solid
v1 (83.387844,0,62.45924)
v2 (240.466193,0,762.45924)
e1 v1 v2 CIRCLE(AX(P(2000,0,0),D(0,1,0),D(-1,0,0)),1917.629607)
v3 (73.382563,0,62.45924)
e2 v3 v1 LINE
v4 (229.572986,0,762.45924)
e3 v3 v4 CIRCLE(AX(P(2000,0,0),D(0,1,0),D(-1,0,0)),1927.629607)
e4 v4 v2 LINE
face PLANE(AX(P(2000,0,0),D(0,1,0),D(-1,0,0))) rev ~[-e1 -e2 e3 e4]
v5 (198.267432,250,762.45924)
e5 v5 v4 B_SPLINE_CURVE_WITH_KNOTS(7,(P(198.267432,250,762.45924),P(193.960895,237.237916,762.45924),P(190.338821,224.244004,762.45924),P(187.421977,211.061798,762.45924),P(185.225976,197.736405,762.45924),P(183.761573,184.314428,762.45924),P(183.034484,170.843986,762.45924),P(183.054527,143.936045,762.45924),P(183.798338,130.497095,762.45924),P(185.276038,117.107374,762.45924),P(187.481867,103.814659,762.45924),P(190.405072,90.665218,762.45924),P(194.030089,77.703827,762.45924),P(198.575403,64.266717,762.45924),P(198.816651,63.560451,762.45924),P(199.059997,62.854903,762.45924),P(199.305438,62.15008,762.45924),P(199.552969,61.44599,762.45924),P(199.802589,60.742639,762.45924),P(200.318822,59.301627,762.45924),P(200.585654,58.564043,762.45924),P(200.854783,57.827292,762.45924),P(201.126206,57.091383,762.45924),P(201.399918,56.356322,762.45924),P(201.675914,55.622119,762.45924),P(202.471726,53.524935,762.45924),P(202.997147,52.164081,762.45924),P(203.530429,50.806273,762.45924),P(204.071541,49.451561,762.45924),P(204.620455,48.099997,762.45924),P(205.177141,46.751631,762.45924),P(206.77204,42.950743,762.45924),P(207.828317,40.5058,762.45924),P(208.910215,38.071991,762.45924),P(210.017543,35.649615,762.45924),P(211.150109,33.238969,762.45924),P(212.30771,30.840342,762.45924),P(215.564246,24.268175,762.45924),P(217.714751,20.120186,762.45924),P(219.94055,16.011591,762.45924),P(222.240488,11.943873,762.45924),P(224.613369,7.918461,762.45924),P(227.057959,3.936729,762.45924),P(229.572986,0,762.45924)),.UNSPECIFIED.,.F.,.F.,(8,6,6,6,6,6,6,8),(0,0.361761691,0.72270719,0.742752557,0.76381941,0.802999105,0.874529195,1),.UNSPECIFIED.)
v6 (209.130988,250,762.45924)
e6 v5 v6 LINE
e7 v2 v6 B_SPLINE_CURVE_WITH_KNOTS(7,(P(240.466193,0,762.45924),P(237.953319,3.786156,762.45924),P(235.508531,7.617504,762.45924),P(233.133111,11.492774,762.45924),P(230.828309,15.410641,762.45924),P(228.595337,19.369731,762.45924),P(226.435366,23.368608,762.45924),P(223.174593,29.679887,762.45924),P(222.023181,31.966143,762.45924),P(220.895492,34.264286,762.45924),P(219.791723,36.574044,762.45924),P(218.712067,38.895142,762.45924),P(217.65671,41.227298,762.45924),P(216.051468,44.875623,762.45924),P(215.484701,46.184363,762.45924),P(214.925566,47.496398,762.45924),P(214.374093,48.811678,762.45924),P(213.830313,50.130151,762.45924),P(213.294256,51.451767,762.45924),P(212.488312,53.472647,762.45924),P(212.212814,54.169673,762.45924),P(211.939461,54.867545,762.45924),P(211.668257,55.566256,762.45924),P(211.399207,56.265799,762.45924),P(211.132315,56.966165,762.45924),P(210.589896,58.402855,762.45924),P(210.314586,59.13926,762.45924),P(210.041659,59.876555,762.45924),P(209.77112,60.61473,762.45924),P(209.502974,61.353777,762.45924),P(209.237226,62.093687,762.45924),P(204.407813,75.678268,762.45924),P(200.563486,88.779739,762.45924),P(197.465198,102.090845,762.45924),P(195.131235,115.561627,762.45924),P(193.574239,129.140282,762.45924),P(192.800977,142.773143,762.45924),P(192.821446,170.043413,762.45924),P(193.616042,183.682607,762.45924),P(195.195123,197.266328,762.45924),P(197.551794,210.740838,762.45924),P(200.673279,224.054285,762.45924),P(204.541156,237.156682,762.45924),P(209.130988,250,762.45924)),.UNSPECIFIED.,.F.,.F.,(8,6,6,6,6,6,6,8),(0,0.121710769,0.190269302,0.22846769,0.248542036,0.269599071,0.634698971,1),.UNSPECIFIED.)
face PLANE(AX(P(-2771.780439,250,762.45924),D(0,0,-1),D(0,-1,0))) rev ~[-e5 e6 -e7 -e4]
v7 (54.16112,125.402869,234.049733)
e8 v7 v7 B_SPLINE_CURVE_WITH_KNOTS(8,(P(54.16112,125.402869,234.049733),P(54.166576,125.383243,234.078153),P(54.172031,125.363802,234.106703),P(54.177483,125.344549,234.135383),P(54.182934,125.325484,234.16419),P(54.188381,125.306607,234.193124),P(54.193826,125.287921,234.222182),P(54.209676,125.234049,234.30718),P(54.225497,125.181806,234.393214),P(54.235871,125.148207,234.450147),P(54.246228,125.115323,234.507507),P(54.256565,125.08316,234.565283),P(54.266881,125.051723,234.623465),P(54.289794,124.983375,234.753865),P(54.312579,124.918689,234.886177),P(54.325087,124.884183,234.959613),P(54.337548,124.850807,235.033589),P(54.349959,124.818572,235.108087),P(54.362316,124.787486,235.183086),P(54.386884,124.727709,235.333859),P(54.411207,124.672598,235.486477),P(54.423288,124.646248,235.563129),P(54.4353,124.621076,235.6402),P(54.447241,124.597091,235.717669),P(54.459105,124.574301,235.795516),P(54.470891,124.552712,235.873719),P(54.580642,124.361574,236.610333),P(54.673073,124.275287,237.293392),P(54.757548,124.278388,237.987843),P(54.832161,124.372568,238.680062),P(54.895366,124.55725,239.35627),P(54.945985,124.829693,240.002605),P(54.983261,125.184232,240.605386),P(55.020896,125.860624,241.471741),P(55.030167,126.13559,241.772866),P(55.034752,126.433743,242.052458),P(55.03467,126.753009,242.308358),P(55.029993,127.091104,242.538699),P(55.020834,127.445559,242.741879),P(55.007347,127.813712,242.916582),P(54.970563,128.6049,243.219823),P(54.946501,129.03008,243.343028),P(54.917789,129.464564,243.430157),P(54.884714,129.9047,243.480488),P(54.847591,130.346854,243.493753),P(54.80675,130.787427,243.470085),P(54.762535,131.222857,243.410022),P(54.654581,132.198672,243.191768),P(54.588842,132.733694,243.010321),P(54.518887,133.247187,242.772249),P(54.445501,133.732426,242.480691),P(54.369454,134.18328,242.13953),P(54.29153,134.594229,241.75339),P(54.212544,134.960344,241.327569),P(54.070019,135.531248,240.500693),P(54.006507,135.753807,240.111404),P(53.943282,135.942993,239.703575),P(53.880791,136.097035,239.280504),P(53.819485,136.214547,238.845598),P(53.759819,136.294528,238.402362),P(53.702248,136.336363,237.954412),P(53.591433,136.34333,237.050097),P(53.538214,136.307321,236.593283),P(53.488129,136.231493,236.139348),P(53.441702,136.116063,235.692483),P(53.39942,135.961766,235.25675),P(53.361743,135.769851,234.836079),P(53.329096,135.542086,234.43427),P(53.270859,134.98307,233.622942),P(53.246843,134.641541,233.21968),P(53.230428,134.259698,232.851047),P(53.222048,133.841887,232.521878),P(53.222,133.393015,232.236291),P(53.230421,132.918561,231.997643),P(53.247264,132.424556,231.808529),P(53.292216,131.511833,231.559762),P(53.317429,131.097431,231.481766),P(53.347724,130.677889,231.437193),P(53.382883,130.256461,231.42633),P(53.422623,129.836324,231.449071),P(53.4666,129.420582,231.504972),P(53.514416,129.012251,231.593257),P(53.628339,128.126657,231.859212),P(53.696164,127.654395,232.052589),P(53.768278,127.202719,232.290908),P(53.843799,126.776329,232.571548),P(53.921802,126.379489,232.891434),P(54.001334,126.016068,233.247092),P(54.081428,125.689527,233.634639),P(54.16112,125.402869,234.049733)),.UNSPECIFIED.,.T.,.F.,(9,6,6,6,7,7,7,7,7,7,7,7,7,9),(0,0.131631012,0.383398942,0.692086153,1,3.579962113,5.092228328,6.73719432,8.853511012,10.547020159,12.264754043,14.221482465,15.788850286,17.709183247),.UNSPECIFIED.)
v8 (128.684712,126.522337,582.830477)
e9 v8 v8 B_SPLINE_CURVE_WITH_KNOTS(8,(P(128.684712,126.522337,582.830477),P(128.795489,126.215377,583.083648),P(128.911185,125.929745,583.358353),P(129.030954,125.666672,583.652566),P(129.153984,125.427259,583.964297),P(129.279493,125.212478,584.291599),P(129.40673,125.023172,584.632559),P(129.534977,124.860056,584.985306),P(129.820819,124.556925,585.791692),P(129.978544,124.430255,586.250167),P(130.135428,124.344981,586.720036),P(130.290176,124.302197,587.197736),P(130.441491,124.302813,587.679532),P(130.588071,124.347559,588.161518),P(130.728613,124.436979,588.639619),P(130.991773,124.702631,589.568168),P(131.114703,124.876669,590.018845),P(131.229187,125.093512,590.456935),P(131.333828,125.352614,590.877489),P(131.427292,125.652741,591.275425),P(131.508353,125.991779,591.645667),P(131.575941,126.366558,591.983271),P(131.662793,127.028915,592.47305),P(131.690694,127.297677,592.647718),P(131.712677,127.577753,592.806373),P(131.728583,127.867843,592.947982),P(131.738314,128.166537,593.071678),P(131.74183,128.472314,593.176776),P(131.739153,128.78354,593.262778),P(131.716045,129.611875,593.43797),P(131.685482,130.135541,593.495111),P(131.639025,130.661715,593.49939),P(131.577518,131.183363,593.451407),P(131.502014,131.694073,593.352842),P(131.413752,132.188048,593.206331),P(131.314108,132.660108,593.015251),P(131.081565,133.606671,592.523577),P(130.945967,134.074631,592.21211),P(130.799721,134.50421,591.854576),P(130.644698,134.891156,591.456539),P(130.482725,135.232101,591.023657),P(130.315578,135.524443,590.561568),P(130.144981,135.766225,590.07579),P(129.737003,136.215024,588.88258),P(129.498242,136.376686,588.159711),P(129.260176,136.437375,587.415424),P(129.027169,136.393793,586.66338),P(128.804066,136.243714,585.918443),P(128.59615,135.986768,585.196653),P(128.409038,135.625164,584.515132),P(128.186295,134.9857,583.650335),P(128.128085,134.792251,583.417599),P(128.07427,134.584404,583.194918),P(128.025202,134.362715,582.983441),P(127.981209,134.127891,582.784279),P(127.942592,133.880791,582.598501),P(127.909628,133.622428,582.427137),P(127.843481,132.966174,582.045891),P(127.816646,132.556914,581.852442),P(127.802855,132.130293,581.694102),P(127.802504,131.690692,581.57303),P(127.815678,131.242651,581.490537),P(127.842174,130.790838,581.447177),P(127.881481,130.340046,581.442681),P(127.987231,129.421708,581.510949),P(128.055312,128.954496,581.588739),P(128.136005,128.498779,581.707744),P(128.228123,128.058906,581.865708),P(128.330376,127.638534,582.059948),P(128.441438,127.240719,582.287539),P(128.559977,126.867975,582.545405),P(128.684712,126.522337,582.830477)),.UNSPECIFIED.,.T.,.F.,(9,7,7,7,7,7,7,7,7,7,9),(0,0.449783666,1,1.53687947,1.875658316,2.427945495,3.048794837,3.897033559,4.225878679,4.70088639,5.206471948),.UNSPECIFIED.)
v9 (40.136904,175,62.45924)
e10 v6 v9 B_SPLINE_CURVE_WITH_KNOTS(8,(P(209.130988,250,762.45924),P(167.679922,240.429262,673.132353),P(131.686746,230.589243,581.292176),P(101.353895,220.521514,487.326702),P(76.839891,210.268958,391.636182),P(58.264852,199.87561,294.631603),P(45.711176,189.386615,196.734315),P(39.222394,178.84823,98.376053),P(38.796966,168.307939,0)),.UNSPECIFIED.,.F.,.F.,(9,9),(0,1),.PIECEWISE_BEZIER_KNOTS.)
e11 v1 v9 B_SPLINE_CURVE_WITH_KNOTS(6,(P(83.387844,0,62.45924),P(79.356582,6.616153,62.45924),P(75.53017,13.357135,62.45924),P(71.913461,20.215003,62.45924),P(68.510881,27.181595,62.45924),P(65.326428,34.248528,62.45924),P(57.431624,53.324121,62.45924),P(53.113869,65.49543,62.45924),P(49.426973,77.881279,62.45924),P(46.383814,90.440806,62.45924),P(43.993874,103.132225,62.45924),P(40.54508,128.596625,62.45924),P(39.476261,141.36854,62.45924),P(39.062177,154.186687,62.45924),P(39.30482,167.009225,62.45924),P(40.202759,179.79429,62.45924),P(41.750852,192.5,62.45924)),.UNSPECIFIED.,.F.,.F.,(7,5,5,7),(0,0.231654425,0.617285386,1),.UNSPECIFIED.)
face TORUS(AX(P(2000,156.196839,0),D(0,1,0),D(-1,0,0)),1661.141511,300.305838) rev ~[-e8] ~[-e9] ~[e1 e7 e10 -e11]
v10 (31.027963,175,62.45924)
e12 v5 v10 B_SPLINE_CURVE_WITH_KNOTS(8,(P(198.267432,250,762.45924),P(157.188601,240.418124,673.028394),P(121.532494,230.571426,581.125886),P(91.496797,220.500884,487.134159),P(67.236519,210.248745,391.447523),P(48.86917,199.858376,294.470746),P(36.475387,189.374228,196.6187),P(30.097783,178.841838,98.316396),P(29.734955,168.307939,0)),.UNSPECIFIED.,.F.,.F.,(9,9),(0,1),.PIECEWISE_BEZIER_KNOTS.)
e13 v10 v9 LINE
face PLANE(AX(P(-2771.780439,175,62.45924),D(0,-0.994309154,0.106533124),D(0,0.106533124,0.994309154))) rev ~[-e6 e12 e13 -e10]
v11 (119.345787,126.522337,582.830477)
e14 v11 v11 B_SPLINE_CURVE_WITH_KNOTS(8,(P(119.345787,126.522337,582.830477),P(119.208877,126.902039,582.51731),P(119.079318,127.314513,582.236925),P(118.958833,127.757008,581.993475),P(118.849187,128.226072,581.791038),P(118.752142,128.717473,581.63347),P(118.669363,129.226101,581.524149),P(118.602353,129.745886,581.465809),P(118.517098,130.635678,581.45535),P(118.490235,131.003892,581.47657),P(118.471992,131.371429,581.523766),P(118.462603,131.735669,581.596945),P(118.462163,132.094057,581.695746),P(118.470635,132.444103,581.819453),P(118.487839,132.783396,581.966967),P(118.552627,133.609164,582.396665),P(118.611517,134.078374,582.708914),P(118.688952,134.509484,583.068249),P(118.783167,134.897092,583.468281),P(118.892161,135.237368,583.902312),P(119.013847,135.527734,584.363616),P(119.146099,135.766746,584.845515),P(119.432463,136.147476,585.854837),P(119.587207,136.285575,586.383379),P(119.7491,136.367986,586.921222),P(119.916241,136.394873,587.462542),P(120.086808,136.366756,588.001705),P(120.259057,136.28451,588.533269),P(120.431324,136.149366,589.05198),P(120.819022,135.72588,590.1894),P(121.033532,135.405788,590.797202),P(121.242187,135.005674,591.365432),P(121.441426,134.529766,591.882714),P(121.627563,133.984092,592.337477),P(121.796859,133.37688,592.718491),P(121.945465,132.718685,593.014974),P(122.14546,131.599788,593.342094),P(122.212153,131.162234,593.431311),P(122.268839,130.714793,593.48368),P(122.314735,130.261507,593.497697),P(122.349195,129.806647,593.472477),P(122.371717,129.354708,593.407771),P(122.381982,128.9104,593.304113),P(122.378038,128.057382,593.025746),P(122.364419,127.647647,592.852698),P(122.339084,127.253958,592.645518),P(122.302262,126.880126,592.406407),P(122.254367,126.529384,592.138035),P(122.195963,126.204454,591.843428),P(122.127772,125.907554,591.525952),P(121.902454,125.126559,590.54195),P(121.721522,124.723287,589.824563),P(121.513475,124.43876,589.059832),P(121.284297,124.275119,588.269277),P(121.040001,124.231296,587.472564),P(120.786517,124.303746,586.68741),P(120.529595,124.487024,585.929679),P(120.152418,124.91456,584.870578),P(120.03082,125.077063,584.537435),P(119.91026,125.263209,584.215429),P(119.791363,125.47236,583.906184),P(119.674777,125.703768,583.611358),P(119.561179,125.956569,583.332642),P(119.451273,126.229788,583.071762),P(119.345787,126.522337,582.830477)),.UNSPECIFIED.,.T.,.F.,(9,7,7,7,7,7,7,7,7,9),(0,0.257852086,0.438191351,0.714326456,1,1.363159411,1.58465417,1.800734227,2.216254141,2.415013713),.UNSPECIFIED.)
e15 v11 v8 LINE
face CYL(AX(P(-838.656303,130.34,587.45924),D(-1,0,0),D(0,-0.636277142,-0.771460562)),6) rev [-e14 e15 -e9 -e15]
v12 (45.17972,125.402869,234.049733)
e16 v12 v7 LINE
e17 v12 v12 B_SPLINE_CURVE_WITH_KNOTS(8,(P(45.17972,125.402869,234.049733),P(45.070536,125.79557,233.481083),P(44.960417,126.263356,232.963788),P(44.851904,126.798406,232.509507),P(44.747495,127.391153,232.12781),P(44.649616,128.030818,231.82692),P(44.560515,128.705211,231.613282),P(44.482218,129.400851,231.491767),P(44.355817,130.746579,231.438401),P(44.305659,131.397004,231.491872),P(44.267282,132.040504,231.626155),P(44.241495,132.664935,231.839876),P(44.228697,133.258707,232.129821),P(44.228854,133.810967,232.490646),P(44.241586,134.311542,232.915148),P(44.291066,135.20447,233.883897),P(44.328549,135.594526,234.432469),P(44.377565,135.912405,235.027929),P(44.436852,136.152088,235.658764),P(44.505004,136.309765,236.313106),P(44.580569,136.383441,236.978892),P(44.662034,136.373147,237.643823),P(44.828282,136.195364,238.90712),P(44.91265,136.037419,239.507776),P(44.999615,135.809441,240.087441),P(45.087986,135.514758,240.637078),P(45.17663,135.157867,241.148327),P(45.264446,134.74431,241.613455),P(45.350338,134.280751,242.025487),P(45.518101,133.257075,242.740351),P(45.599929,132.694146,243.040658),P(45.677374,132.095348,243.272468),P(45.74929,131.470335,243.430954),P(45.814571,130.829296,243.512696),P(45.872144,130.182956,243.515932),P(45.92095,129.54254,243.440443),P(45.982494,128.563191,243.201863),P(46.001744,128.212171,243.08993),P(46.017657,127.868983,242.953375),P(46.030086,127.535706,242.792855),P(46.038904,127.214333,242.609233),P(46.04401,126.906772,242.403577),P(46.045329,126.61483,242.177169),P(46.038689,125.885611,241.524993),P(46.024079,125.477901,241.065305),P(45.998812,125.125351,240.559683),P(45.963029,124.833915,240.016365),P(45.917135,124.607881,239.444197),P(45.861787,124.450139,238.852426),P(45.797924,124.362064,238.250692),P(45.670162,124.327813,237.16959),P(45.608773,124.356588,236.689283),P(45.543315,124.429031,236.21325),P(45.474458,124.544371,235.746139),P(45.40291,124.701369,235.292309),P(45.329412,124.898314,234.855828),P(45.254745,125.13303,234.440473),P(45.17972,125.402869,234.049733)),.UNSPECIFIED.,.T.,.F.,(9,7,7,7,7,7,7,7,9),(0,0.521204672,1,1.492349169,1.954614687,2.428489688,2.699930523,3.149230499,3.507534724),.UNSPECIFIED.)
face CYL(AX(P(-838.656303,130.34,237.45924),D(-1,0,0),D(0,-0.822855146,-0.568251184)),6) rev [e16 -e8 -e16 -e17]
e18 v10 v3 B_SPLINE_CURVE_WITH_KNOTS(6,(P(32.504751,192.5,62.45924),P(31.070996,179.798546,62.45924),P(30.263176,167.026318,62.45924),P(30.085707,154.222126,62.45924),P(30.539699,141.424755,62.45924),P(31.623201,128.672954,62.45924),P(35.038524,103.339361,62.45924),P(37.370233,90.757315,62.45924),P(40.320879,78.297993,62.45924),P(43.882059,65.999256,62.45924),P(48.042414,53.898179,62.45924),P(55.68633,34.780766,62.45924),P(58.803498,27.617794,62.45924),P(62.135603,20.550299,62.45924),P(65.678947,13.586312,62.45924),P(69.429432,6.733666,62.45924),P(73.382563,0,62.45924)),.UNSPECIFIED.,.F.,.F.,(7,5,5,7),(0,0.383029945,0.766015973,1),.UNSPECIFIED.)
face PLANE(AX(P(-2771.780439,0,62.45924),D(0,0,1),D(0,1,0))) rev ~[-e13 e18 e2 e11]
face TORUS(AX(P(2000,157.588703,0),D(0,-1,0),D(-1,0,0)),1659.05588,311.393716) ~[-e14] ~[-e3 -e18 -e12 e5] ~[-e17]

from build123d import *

# Parameters (mm, degrees)
REVOLVE1_ANGLE          = 88
CUT_EXTRUDE2_DEPTH      = 2771.780439466
CUT_EXTRUDE2_DEPTH_BACK = 2771.780439466
SKETCH5_W               = 5800.528681758
SKETCH5_H               = 2435.889164845
CUT_EXTRUDE4_DEPTH      = 838.656303446
CUT_EXTRUDE4_DEPTH_BACK = 838.656303446
SKETCH6_R               = 6


with BuildPart() as part:
    # Sketch2 → Revolve1 (revolve)
    with BuildSketch(Plane.XY):
        with BuildLine():
            Line((72.370392529, 0), (82.370392529, 0))
            ThreePointArc((82.370392529, 0), (40.524594063, 121.838677192), (53.578690935, 250))
            Line((53.578690935, 250), (43.578690935, 250))
            ThreePointArc((43.578690935, 250), (31.595154891, 121.961970263), (72.370392529, 0))
        make_face()
    revolve(axis=Axis((2000, -13.371705106, 0), (0, 1, 0)), revolution_arc=REVOLVE1_ANGLE)

    # Sketch5 → Cut-Extrude2 (cut, two sides: drawn at the far end of the back side and taken through both)
    with BuildSketch(Plane(origin=(0, 0, 0), x_dir=(0, 0, -1), z_dir=(1, 0, 0)).offset(-CUT_EXTRUDE2_DEPTH_BACK)):
        with Locations((76.037885341, -87.116535175)):
            Rectangle(SKETCH5_W, SKETCH5_H)
        Polygon((-762.459239957, 250), (-762.459239957, 0), (-62.459239957, 0), (-62.459239957, 175), align=None, mode=Mode.SUBTRACT)
    extrude(amount=CUT_EXTRUDE2_DEPTH + CUT_EXTRUDE2_DEPTH_BACK, mode=Mode.SUBTRACT)

    # Sketch6 → Cut-Extrude4 (cut, two sides: drawn at the far end of the back side and taken through both)
    with BuildSketch(Plane(origin=(0, 0, 0), x_dir=(0, 0, -1), z_dir=(1, 0, 0)).offset(-CUT_EXTRUDE4_DEPTH_BACK)):
        with Locations(Location((-587.459239957, 130.34, 0), (0, 0, 320.485227815))):
            Circle(SKETCH6_R)
        with Locations(Location((-237.459239957, 130.34, 0), (0, 0, 304.628365323))):
            Circle(SKETCH6_R)
    extrude(amount=CUT_EXTRUDE4_DEPTH + CUT_EXTRUDE4_DEPTH_BACK, mode=Mode.SUBTRACT)


solid = part.part
